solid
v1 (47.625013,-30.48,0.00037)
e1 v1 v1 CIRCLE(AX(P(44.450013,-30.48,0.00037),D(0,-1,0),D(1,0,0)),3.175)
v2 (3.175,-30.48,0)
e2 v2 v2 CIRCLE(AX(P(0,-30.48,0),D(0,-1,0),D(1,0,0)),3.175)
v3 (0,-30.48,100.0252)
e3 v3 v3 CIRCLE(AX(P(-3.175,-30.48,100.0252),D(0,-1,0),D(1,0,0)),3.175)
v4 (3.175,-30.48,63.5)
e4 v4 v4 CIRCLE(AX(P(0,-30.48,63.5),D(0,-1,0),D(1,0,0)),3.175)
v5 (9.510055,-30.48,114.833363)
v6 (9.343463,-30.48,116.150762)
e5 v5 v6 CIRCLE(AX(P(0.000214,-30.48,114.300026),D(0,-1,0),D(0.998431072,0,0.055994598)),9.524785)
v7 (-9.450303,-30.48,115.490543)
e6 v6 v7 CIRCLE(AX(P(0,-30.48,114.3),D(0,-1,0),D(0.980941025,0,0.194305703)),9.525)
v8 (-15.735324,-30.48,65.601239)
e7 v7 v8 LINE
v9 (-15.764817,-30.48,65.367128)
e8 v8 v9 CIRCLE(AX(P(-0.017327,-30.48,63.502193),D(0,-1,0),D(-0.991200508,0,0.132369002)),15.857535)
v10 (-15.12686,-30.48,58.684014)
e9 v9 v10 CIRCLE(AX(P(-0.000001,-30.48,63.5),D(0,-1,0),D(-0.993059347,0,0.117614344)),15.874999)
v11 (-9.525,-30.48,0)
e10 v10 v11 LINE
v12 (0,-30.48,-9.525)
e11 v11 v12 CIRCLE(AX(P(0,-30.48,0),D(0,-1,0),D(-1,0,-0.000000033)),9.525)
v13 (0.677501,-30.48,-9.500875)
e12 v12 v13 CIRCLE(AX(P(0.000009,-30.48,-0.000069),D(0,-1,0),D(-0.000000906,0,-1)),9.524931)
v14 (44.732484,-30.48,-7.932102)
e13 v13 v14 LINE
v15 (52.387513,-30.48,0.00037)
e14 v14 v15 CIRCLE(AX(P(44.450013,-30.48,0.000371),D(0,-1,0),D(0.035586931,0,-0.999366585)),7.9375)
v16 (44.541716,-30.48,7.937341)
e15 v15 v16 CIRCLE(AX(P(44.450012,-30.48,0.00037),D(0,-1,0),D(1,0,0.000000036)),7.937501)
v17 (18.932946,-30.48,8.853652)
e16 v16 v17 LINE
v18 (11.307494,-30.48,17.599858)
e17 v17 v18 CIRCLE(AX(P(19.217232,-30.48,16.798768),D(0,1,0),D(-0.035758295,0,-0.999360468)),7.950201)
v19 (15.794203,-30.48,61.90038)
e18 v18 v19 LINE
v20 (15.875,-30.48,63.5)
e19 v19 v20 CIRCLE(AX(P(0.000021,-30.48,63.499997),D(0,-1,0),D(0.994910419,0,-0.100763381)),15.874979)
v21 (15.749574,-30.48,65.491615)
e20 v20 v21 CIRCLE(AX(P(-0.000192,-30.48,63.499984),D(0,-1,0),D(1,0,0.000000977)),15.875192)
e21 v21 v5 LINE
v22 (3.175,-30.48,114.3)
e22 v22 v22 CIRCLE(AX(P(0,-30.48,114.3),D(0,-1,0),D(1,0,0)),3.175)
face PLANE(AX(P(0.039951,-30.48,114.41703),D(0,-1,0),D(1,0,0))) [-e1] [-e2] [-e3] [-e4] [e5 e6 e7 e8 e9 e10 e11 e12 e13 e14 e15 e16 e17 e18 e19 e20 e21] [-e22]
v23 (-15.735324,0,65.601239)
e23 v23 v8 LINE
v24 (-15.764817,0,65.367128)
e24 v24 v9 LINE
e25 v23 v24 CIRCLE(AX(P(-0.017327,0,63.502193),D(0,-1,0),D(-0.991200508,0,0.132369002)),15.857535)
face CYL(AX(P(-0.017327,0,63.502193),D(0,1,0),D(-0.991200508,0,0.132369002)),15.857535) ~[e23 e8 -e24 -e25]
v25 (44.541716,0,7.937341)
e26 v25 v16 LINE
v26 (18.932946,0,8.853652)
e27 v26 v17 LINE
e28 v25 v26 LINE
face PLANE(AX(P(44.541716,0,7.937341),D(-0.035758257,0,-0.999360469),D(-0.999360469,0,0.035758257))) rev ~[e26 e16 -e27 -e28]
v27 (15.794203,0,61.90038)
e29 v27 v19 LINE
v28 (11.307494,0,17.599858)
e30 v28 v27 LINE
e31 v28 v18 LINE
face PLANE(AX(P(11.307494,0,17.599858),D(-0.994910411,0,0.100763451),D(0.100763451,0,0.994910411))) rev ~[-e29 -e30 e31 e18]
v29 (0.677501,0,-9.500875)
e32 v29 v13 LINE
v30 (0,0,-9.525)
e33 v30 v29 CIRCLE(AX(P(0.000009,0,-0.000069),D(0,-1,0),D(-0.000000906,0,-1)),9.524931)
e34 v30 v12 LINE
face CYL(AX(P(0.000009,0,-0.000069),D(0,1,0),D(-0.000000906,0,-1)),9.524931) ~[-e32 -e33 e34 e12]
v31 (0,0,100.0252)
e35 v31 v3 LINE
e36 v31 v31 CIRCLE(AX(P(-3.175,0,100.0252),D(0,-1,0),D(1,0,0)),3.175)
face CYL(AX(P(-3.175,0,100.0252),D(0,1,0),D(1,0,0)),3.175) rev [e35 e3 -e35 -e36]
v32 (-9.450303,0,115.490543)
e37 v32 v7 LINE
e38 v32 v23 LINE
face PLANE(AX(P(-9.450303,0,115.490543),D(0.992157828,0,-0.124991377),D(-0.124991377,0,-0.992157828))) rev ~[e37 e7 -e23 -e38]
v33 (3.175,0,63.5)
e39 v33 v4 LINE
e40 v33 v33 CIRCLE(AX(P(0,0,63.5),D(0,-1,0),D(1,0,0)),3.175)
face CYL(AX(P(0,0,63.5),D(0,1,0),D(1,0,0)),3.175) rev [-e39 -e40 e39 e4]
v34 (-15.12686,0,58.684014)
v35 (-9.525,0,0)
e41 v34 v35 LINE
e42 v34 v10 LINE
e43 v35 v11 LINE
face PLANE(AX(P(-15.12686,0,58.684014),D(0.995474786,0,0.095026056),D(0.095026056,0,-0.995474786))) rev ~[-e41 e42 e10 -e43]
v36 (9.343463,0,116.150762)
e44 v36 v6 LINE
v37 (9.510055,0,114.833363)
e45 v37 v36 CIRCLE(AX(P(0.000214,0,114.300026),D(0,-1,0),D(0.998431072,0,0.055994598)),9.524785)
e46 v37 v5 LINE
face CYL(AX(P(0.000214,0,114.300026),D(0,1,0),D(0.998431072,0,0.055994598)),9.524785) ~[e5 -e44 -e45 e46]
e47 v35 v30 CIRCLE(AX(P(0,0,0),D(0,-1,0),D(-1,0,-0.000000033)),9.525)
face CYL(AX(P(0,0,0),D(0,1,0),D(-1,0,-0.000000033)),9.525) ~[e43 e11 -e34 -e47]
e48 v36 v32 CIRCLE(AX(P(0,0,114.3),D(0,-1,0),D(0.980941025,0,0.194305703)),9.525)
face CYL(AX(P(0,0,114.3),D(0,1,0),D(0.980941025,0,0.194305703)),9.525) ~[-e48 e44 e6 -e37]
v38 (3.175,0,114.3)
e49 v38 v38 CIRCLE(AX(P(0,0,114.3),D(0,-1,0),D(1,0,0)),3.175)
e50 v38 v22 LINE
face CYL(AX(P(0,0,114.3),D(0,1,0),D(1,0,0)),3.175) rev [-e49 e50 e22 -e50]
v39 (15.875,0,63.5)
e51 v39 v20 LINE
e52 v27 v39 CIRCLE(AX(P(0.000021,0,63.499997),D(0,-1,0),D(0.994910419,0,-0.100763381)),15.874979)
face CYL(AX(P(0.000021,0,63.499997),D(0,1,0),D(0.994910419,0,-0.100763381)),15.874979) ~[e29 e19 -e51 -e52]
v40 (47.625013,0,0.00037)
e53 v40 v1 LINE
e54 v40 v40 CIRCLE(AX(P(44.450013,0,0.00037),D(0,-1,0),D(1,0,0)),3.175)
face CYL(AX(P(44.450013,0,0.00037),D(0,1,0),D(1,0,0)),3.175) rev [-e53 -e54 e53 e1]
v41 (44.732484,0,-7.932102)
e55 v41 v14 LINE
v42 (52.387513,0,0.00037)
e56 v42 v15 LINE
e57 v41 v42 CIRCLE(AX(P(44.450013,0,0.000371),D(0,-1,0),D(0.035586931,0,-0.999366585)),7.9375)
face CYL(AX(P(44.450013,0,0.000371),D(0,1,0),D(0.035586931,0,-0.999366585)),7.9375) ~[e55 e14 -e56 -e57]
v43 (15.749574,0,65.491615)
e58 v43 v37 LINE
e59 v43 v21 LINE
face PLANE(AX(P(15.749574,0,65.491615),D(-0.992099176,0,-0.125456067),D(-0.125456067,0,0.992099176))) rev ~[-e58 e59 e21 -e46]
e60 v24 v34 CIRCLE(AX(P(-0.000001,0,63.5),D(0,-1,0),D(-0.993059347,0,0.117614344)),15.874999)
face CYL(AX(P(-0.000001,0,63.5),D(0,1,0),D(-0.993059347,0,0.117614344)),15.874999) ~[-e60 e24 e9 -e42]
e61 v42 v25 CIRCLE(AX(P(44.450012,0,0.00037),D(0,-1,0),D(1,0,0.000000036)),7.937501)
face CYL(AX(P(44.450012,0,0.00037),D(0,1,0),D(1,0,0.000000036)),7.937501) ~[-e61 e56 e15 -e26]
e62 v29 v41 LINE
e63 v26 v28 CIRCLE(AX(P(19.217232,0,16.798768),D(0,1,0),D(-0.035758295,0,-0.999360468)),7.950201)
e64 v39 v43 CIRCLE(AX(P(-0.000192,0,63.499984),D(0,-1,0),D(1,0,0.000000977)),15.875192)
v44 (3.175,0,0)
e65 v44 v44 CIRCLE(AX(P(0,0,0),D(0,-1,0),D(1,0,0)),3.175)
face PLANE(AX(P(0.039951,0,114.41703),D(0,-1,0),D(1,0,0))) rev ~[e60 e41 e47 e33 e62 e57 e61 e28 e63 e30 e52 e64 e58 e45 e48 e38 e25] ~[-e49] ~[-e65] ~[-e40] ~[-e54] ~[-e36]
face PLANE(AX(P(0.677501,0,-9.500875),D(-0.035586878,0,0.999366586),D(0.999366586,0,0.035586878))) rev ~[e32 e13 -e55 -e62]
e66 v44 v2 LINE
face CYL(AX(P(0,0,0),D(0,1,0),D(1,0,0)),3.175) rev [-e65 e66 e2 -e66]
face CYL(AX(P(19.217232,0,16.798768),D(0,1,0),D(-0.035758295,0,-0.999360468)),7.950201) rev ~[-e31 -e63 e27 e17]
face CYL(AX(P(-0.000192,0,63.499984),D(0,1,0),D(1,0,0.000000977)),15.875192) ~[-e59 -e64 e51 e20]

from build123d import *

# Parameters (mm, degrees)
F0_R     = 3.175
F1_DEPTH = 30.48


with BuildPart() as f1:
    # F0 (on Front) → F1 (new body)
    with BuildSketch(Plane.XZ):
        with BuildLine():
            Line((9.510055, 114.833363), (9.343463, 116.150762))
            ThreePointArc((9.343463, 116.150762), (-0.334404, 123.819128), (-9.450303, 115.490543))
            ThreePointArc((-9.450303, 115.490543), (-0.596442, 104.793693), (9.525, 114.3))
            ThreePointArc((9.525, 114.3), (9.521263, 114.566786), (9.510055, 114.833363))
        make_face()
        with Locations((0, 114.3)):
            Circle(F0_R, mode=Mode.SUBTRACT)
        with BuildLine():
            ThreePointArc((9.510055, 114.833363), (9.449745, 115.494969), (9.343463, 116.150762))
            Line((9.343463, 116.150762), (9.510055, 114.833363))
        make_face()
        with BuildLine():
            ThreePointArc((9.525, 114.3), (-0.596442, 104.793693), (-9.450303, 115.490543))
            Line((-9.450303, 115.490543), (-15.735324, 65.601239))
            ThreePointArc((-15.735324, 65.601239), (0.055273, 79.374904), (15.749574, 65.491615))
            Line((15.749574, 65.491615), (9.510055, 114.833363))
            ThreePointArc((9.510055, 114.833363), (9.521263, 114.566786), (9.525, 114.3))
        make_face()
        with Locations((-3.175, 100.0252)):
            Circle(F0_R, mode=Mode.SUBTRACT)
        with BuildLine():
            Line((-15.764817, 65.367128), (-15.735324, 65.601239))
            ThreePointArc((-15.735324, 65.601239), (-15.750506, 65.484238), (-15.764817, 65.367128))
        make_face()
        with BuildLine():
            ThreePointArc((15.749574, 65.491615), (0.055273, 79.374904), (-15.735324, 65.601239))
            Line((-15.735324, 65.601239), (-15.764817, 65.367128))
            Line((-15.764817, 65.367128), (-15.12686, 58.684014))
            ThreePointArc((-15.12686, 58.684014), (1.642434, 47.710192), (15.794203, 61.90038))
            ThreePointArc((15.794203, 61.90038), (15.854788, 62.699171), (15.875, 63.5))
            ThreePointArc((15.875, 63.5), (15.843612, 64.49778), (15.749574, 65.491615))
        make_face()
        with Locations((0, 63.5)):
            Circle(F0_R, mode=Mode.SUBTRACT)
        with BuildLine():
            Line((-15.12686, 58.684014), (-15.764817, 65.367128))
            ThreePointArc((-15.764817, 65.367128), (-15.803162, 61.991461), (-15.12686, 58.684014))
        make_face()
        with BuildLine():
            ThreePointArc((15.794203, 61.90038), (1.642434, 47.710192), (-15.12686, 58.684014))
            Line((-15.12686, 58.684014), (-9.525, 0))
            ThreePointArc((-9.525, 0), (0, 9.525), (9.525, 0))
            ThreePointArc((9.525, 0), (6.97061, -6.491242), (0.677501, -9.500875))
            Line((0.677501, -9.500875), (44.732484, -7.932102))
            ThreePointArc((44.732484, -7.932102), (36.513087, -0.09504), (44.541716, 7.937341))
            Line((44.541716, 7.937341), (18.932946, 8.853652))
            ThreePointArc((18.932946, 8.853652), (13.224775, 11.574196), (11.307494, 17.599858))
            Line((11.307494, 17.599858), (15.794203, 61.90038))
        make_face()
        with BuildLine():
            ThreePointArc((9.525, 0), (0, 9.525), (-9.525, 0))
            ThreePointArc((-9.525, 0), (-6.735192, -6.735192), (0, -9.525))
            Line((0, -9.525), (0.677501, -9.500875))
            ThreePointArc((0.677501, -9.500875), (6.97061, -6.491242), (9.525, 0))
        make_face()
        Circle(F0_R, mode=Mode.SUBTRACT)
        with BuildLine():
            Line((0.677501, -9.500875), (0, -9.525))
            ThreePointArc((0, -9.525), (0.338965, -9.518967), (0.677501, -9.500875))
        make_face()
        with BuildLine():
            ThreePointArc((52.387513, 0.00037), (50.095002, 5.580514), (44.541716, 7.937341))
            ThreePointArc((44.541716, 7.937341), (36.513087, -0.09504), (44.732484, -7.932102))
            ThreePointArc((44.732484, -7.932102), (50.161669, -5.511516), (52.387513, 0.00037))
        make_face()
        with Locations((44.450013, 0.00037)):
            Circle(F0_R, mode=Mode.SUBTRACT)
    extrude(amount=F1_DEPTH)


solid = f1.part
